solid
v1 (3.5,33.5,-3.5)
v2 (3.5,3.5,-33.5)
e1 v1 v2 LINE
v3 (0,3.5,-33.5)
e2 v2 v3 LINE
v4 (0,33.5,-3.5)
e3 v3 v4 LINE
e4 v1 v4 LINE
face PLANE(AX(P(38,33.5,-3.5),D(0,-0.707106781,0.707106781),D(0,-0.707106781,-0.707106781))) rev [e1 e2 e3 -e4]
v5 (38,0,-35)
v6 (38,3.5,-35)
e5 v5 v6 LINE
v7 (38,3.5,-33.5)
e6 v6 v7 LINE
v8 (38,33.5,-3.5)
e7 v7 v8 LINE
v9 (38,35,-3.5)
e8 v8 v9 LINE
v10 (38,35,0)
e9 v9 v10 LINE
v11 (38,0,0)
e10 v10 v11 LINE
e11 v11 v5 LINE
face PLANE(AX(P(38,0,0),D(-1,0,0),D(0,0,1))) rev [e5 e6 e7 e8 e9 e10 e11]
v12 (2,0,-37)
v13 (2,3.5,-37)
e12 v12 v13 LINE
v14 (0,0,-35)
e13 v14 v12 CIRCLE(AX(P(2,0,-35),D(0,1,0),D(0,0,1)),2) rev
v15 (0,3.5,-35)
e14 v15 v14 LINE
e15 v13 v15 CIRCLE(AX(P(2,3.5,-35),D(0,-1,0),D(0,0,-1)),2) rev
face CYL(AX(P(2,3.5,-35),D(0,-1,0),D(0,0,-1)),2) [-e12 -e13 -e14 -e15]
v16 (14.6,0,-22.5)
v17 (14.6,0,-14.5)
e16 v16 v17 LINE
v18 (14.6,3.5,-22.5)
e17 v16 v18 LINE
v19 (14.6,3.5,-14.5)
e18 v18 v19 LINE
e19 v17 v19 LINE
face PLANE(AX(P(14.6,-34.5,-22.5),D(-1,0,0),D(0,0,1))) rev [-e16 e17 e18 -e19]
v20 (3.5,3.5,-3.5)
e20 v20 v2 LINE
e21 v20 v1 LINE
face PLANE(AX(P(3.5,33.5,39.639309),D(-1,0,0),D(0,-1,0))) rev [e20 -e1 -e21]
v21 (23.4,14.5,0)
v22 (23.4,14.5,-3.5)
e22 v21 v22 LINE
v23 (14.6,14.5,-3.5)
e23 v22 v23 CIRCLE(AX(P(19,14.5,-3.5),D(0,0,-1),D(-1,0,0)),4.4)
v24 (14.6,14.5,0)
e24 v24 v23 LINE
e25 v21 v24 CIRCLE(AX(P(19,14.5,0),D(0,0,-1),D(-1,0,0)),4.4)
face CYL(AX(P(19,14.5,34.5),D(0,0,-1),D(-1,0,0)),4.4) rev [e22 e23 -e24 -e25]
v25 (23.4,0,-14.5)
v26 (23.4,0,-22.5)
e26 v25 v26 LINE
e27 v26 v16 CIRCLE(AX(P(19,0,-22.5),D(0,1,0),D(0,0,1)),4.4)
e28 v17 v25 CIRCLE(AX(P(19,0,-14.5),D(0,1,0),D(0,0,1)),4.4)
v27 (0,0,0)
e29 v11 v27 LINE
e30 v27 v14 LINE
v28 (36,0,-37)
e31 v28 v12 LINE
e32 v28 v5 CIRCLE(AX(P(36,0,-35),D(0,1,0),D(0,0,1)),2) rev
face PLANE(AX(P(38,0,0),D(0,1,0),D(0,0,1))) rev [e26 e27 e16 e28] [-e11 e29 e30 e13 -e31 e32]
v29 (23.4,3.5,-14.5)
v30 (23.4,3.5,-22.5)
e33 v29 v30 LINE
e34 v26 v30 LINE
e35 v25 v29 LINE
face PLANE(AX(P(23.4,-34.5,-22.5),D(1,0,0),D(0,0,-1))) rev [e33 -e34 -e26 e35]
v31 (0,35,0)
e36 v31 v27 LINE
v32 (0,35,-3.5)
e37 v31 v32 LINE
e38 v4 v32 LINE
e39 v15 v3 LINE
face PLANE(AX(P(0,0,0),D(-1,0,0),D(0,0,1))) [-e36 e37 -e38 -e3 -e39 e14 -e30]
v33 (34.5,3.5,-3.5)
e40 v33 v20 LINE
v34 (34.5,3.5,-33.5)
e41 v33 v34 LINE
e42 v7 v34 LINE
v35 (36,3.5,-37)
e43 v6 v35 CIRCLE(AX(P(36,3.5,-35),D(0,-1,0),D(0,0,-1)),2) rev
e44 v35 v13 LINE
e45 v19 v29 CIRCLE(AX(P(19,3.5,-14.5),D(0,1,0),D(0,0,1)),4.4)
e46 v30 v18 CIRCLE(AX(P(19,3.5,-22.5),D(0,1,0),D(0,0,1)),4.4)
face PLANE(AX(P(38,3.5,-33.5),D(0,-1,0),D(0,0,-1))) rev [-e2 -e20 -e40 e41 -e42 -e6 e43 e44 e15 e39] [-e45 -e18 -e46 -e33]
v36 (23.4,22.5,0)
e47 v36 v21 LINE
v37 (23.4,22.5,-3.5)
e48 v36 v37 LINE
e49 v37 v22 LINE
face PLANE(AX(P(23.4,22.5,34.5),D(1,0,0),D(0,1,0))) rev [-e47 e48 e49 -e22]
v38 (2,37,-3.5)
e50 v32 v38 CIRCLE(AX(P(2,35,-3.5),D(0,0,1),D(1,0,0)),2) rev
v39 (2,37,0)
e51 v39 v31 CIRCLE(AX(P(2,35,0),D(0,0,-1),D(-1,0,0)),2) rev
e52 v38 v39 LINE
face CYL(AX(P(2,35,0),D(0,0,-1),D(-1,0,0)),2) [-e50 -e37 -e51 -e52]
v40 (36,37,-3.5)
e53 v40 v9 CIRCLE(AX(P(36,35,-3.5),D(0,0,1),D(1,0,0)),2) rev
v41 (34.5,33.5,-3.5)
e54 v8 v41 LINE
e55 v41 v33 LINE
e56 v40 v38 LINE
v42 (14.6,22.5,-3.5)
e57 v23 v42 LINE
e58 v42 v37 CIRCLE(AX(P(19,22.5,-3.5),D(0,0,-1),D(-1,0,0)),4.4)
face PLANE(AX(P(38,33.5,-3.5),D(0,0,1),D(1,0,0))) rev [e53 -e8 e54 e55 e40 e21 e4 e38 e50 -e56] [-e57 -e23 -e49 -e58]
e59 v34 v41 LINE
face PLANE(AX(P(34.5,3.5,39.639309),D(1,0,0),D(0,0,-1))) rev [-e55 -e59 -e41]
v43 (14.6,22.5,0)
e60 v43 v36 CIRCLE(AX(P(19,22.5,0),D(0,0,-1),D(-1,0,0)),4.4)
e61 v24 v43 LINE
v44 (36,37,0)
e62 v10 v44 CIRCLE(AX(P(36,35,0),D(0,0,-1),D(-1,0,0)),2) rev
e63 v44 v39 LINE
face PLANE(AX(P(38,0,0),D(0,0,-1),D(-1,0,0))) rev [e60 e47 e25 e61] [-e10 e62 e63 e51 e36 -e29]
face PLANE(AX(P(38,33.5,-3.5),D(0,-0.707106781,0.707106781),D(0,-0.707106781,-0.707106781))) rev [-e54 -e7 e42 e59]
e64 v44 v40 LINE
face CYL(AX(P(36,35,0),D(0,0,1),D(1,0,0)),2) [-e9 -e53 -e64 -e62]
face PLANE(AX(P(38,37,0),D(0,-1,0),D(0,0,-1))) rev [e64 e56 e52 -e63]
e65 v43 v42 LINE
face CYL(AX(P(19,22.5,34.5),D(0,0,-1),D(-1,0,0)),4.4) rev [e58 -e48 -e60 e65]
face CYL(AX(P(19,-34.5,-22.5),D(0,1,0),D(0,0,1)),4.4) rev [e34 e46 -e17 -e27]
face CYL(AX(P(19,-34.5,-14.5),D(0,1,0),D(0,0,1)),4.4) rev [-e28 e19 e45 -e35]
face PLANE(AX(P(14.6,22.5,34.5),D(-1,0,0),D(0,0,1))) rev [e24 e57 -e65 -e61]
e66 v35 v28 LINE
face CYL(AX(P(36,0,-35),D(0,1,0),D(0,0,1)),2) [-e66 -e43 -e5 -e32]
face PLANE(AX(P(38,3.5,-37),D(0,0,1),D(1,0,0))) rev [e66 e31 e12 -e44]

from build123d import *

# Parameters (mm, degrees)
Y_KSEKLIK_EKSTR_ZYON1_DEPTH = 38
IZIM2_W                     = 31
IZIM2_H                     = 30
KES_EKSTR_ZYON1_DEPTH       = 33.5
KES_EKSTR_ZYON2_DEPTH       = 38
KES_EKSTR_ZYON3_DEPTH       = 38
RADYUS2_R                   = 2


with BuildPart() as part:
    # Çizim1 → Yükseklik-Ekstrüzyon1 (new body)
    with BuildSketch(Plane(origin=(0, 0, 0), x_dir=(0, 0, -1), z_dir=(1, 0, 0))):
        Polygon((0, 0), (0, 37), (3.5, 37), (3.5, 33.5), (33.5, 3.5), (37, 3.5), (37, 0), align=None)
    extrude(amount=Y_KSEKLIK_EKSTR_ZYON1_DEPTH)

    # Çizim2 → Kes-Ekstrüzyon1 (cut)
    with BuildSketch(Plane(origin=(0, 0, -37), x_dir=(-1, 0, 0), z_dir=(0, 0, -1))):
        with Locations((-19, 18.5)):
            Rectangle(IZIM2_W, IZIM2_H)
    extrude(amount=-KES_EKSTR_ZYON1_DEPTH, mode=Mode.SUBTRACT)

    # Çizim3 → Kes-Ekstrüzyon2 (cut)
    with BuildSketch(Plane(origin=(0, 0, -3.5), x_dir=(-1, 0, 0), z_dir=(0, 0, -1))):
        with BuildLine():
            Line((-14.6, 22.5), (-14.6, 14.5))
            ThreePointArc((-14.6, 14.5), (-19, 10.1), (-23.4, 14.5))
            Line((-23.4, 14.5), (-23.4, 22.5))
            ThreePointArc((-23.4, 22.5), (-19, 26.9), (-14.6, 22.5))
        make_face()
    extrude(amount=-KES_EKSTR_ZYON2_DEPTH, mode=Mode.SUBTRACT)

    # Çizim4 → Kes-Ekstrüzyon3 (cut)
    with BuildSketch(Plane(origin=(0, 3.5, 0), x_dir=(1, 0, 0), z_dir=(0, 1, 0))):
        with BuildLine():
            Line((23.4, 22.5), (23.4, 14.5))
            ThreePointArc((23.4, 14.5), (19, 10.1), (14.6, 14.5))
            Line((14.6, 14.5), (14.6, 22.5))
            ThreePointArc((14.6, 22.5), (19, 26.9), (23.4, 22.5))
        make_face()
    extrude(amount=-KES_EKSTR_ZYON3_DEPTH, mode=Mode.SUBTRACT)

    # Radyus2
    radyus2_edges = [part.edges().sort_by_distance(p)[0] for p in [
        (38, 37, -1.75),
        (38, 1.75, -37),
        (0, 37, -1.75),
        (0, 1.75, -37),
    ]]
    fillet(radyus2_edges, radius=RADYUS2_R)


solid = part.part
